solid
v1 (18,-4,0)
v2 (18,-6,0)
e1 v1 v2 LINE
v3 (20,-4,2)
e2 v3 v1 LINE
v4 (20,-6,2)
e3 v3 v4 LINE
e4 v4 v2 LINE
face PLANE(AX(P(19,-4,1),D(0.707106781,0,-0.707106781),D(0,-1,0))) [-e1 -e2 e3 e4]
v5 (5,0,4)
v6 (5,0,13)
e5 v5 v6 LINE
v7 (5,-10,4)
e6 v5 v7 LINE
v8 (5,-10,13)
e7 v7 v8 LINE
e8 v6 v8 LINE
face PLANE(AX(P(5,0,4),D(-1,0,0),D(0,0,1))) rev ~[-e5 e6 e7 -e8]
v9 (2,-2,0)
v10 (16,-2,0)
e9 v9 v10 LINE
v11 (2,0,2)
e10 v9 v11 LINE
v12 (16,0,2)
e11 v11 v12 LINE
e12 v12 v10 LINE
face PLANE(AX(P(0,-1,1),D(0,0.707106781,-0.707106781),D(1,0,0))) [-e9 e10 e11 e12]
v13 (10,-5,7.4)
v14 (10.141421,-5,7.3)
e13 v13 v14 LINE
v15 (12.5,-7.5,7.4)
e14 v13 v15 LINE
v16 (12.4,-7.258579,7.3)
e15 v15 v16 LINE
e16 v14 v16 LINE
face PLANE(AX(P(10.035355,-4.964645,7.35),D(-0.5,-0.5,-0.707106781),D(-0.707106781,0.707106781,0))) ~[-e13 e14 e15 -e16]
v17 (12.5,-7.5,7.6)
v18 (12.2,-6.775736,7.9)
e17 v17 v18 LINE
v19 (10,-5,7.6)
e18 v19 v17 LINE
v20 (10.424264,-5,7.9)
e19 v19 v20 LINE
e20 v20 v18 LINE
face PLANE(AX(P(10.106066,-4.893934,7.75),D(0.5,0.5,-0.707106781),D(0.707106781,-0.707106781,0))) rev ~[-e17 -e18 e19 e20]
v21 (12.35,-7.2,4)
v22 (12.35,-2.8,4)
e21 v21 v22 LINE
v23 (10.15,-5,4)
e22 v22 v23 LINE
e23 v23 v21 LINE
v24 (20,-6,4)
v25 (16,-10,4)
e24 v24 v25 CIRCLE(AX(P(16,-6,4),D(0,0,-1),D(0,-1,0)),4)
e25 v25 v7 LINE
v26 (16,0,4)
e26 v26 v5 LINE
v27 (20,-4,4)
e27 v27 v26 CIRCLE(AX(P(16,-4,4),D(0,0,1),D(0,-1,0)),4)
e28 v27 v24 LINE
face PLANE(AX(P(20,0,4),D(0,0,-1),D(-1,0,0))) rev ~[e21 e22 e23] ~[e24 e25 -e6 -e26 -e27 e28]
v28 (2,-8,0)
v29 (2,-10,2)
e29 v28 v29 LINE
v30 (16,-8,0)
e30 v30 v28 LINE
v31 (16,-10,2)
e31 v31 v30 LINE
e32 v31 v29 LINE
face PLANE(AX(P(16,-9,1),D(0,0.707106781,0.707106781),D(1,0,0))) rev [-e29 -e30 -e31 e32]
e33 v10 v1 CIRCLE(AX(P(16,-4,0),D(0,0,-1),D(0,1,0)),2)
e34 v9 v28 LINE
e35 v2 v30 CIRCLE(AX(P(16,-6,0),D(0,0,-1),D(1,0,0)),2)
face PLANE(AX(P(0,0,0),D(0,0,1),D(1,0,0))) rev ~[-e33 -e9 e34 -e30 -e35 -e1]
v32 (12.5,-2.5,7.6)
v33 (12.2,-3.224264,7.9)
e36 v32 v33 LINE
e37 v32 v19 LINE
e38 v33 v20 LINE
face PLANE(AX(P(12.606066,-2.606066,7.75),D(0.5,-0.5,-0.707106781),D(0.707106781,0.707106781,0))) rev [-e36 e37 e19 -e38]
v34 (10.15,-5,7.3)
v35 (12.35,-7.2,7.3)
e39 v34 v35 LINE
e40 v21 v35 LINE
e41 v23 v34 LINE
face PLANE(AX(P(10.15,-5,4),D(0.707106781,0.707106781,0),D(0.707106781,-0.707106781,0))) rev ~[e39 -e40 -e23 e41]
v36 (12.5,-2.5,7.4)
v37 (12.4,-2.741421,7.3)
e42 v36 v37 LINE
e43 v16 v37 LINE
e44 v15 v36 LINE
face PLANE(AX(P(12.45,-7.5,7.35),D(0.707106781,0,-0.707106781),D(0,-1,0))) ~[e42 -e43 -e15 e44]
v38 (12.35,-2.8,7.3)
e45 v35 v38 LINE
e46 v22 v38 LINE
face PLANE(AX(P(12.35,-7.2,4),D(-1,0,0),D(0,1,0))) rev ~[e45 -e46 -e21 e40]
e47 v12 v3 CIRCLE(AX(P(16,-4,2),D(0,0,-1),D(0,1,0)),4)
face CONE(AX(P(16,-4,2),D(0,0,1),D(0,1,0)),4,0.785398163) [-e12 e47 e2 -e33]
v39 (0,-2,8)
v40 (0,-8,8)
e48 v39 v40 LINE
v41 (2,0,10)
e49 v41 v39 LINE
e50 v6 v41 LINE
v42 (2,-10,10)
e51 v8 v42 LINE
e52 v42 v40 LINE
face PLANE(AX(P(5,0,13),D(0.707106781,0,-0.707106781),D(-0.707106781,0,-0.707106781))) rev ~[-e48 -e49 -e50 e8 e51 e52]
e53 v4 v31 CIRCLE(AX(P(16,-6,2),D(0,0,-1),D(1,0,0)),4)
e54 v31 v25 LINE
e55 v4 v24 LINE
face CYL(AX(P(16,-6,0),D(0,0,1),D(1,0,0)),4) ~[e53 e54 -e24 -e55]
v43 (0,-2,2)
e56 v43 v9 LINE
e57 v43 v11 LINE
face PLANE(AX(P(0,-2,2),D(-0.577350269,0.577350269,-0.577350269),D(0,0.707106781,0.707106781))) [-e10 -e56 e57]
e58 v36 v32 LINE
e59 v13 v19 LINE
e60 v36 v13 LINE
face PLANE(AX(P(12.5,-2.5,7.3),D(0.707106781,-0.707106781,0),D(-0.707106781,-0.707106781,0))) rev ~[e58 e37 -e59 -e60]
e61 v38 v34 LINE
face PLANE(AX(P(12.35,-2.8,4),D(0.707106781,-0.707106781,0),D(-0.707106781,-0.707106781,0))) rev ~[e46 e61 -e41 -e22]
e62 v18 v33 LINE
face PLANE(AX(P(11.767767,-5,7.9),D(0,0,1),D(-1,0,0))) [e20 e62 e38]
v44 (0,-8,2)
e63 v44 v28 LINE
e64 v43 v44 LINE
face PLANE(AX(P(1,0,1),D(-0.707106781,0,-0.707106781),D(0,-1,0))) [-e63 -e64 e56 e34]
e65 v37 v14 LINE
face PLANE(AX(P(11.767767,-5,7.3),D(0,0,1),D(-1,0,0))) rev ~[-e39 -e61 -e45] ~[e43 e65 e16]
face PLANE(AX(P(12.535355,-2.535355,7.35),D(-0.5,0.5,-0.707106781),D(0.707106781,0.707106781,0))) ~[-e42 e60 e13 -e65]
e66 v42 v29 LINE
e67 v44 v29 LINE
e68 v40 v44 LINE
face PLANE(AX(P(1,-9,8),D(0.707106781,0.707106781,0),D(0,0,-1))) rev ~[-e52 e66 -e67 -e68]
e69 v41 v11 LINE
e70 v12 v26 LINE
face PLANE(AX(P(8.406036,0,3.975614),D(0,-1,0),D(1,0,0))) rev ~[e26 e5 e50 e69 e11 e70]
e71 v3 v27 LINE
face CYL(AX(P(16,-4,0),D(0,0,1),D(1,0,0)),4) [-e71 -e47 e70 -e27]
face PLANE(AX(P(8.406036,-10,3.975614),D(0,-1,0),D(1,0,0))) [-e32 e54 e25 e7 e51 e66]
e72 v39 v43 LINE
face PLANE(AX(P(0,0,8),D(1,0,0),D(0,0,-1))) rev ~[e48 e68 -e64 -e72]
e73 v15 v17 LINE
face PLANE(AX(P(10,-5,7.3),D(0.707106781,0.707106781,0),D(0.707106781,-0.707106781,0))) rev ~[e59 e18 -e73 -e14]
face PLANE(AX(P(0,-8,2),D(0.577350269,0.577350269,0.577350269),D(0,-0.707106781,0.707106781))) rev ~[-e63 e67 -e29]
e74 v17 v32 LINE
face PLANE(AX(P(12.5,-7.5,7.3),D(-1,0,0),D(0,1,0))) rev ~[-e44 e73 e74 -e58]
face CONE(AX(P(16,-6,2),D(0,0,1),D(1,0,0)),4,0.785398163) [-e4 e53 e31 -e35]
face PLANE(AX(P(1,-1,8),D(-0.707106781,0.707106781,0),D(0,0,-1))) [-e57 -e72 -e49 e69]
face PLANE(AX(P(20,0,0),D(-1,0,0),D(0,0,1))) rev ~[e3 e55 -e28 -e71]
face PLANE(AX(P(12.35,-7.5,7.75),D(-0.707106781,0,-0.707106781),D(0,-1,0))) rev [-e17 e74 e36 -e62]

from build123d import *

# Parameters (mm, degrees)
PAD_DEPTH       = 10
PAD001_DEPTH    = 3.3
PAD002_DEPTH    = 0.6
CHAMFER004_SIZE = 0.1
CHAMFER005_SIZE = 0.3
FILLET_R        = 4
CHAMFER_SIZE    = 2


with BuildPart() as part:
    # Sketch → Pad (new body)
    with BuildSketch(Plane.XZ):
        Polygon((0, 8), (0, 0), (20, 0), (20, 4), (5, 4), (5, 13), align=None)
    extrude(amount=PAD_DEPTH)

    # Sketch001 → Pad001 (new body)
    with BuildSketch(Plane(origin=(0, 0, 4), x_dir=(-1, 0, 0), z_dir=(0, 0, 1))):
        Polygon((-12.35, 7.2), (-12.35, 2.8), (-10.15, 5), align=None)
    extrude(amount=PAD001_DEPTH)

    # Sketch003 → Pad002 (new body)
    with BuildSketch(Plane(origin=(0, 0, 7.3), x_dir=(-1, 0, 0), z_dir=(0, 0, 1))):
        Polygon((-12.5, 2.5), (-10, 5), (-12.5, 7.5), align=None)
    extrude(amount=PAD002_DEPTH)

    # Chamfer004
    chamfer004_edges = [part.edges().sort_by_distance(p)[0] for p in [
        (12.5, -5, 7.3),
        (11.25, -6.25, 7.3),
        (11.25, -3.75, 7.3),
    ]]
    chamfer(chamfer004_edges, length=CHAMFER004_SIZE)

    # Chamfer005
    chamfer005_edges = [part.edges().sort_by_distance(p)[0] for p in [
        (12.5, -5, 7.9),
        (11.25, -3.75, 7.9),
        (11.25, -6.25, 7.9),
    ]]
    chamfer(chamfer005_edges, length=CHAMFER005_SIZE)

    # Fillet
    fillet_edges = [part.edges().sort_by_distance(p)[0] for p in [
        (20, 0, 2),
        (20, -10, 2),
    ]]
    fillet(fillet_edges, radius=FILLET_R)

    # Chamfer
    chamfer_edges = [part.edges().sort_by_distance(p)[0] for p in [
        (8, 0, 0),
        (18.828427, -1.171573, 0),
        (20, -5, 0),
        (18.828427, -8.828427, 0),
        (8, -10, 0),
        (0, -5, 0),
        (0, 0, 4),
        (0, -10, 4),
    ]]
    chamfer(chamfer_edges, length=CHAMFER_SIZE)


solid = part.part
